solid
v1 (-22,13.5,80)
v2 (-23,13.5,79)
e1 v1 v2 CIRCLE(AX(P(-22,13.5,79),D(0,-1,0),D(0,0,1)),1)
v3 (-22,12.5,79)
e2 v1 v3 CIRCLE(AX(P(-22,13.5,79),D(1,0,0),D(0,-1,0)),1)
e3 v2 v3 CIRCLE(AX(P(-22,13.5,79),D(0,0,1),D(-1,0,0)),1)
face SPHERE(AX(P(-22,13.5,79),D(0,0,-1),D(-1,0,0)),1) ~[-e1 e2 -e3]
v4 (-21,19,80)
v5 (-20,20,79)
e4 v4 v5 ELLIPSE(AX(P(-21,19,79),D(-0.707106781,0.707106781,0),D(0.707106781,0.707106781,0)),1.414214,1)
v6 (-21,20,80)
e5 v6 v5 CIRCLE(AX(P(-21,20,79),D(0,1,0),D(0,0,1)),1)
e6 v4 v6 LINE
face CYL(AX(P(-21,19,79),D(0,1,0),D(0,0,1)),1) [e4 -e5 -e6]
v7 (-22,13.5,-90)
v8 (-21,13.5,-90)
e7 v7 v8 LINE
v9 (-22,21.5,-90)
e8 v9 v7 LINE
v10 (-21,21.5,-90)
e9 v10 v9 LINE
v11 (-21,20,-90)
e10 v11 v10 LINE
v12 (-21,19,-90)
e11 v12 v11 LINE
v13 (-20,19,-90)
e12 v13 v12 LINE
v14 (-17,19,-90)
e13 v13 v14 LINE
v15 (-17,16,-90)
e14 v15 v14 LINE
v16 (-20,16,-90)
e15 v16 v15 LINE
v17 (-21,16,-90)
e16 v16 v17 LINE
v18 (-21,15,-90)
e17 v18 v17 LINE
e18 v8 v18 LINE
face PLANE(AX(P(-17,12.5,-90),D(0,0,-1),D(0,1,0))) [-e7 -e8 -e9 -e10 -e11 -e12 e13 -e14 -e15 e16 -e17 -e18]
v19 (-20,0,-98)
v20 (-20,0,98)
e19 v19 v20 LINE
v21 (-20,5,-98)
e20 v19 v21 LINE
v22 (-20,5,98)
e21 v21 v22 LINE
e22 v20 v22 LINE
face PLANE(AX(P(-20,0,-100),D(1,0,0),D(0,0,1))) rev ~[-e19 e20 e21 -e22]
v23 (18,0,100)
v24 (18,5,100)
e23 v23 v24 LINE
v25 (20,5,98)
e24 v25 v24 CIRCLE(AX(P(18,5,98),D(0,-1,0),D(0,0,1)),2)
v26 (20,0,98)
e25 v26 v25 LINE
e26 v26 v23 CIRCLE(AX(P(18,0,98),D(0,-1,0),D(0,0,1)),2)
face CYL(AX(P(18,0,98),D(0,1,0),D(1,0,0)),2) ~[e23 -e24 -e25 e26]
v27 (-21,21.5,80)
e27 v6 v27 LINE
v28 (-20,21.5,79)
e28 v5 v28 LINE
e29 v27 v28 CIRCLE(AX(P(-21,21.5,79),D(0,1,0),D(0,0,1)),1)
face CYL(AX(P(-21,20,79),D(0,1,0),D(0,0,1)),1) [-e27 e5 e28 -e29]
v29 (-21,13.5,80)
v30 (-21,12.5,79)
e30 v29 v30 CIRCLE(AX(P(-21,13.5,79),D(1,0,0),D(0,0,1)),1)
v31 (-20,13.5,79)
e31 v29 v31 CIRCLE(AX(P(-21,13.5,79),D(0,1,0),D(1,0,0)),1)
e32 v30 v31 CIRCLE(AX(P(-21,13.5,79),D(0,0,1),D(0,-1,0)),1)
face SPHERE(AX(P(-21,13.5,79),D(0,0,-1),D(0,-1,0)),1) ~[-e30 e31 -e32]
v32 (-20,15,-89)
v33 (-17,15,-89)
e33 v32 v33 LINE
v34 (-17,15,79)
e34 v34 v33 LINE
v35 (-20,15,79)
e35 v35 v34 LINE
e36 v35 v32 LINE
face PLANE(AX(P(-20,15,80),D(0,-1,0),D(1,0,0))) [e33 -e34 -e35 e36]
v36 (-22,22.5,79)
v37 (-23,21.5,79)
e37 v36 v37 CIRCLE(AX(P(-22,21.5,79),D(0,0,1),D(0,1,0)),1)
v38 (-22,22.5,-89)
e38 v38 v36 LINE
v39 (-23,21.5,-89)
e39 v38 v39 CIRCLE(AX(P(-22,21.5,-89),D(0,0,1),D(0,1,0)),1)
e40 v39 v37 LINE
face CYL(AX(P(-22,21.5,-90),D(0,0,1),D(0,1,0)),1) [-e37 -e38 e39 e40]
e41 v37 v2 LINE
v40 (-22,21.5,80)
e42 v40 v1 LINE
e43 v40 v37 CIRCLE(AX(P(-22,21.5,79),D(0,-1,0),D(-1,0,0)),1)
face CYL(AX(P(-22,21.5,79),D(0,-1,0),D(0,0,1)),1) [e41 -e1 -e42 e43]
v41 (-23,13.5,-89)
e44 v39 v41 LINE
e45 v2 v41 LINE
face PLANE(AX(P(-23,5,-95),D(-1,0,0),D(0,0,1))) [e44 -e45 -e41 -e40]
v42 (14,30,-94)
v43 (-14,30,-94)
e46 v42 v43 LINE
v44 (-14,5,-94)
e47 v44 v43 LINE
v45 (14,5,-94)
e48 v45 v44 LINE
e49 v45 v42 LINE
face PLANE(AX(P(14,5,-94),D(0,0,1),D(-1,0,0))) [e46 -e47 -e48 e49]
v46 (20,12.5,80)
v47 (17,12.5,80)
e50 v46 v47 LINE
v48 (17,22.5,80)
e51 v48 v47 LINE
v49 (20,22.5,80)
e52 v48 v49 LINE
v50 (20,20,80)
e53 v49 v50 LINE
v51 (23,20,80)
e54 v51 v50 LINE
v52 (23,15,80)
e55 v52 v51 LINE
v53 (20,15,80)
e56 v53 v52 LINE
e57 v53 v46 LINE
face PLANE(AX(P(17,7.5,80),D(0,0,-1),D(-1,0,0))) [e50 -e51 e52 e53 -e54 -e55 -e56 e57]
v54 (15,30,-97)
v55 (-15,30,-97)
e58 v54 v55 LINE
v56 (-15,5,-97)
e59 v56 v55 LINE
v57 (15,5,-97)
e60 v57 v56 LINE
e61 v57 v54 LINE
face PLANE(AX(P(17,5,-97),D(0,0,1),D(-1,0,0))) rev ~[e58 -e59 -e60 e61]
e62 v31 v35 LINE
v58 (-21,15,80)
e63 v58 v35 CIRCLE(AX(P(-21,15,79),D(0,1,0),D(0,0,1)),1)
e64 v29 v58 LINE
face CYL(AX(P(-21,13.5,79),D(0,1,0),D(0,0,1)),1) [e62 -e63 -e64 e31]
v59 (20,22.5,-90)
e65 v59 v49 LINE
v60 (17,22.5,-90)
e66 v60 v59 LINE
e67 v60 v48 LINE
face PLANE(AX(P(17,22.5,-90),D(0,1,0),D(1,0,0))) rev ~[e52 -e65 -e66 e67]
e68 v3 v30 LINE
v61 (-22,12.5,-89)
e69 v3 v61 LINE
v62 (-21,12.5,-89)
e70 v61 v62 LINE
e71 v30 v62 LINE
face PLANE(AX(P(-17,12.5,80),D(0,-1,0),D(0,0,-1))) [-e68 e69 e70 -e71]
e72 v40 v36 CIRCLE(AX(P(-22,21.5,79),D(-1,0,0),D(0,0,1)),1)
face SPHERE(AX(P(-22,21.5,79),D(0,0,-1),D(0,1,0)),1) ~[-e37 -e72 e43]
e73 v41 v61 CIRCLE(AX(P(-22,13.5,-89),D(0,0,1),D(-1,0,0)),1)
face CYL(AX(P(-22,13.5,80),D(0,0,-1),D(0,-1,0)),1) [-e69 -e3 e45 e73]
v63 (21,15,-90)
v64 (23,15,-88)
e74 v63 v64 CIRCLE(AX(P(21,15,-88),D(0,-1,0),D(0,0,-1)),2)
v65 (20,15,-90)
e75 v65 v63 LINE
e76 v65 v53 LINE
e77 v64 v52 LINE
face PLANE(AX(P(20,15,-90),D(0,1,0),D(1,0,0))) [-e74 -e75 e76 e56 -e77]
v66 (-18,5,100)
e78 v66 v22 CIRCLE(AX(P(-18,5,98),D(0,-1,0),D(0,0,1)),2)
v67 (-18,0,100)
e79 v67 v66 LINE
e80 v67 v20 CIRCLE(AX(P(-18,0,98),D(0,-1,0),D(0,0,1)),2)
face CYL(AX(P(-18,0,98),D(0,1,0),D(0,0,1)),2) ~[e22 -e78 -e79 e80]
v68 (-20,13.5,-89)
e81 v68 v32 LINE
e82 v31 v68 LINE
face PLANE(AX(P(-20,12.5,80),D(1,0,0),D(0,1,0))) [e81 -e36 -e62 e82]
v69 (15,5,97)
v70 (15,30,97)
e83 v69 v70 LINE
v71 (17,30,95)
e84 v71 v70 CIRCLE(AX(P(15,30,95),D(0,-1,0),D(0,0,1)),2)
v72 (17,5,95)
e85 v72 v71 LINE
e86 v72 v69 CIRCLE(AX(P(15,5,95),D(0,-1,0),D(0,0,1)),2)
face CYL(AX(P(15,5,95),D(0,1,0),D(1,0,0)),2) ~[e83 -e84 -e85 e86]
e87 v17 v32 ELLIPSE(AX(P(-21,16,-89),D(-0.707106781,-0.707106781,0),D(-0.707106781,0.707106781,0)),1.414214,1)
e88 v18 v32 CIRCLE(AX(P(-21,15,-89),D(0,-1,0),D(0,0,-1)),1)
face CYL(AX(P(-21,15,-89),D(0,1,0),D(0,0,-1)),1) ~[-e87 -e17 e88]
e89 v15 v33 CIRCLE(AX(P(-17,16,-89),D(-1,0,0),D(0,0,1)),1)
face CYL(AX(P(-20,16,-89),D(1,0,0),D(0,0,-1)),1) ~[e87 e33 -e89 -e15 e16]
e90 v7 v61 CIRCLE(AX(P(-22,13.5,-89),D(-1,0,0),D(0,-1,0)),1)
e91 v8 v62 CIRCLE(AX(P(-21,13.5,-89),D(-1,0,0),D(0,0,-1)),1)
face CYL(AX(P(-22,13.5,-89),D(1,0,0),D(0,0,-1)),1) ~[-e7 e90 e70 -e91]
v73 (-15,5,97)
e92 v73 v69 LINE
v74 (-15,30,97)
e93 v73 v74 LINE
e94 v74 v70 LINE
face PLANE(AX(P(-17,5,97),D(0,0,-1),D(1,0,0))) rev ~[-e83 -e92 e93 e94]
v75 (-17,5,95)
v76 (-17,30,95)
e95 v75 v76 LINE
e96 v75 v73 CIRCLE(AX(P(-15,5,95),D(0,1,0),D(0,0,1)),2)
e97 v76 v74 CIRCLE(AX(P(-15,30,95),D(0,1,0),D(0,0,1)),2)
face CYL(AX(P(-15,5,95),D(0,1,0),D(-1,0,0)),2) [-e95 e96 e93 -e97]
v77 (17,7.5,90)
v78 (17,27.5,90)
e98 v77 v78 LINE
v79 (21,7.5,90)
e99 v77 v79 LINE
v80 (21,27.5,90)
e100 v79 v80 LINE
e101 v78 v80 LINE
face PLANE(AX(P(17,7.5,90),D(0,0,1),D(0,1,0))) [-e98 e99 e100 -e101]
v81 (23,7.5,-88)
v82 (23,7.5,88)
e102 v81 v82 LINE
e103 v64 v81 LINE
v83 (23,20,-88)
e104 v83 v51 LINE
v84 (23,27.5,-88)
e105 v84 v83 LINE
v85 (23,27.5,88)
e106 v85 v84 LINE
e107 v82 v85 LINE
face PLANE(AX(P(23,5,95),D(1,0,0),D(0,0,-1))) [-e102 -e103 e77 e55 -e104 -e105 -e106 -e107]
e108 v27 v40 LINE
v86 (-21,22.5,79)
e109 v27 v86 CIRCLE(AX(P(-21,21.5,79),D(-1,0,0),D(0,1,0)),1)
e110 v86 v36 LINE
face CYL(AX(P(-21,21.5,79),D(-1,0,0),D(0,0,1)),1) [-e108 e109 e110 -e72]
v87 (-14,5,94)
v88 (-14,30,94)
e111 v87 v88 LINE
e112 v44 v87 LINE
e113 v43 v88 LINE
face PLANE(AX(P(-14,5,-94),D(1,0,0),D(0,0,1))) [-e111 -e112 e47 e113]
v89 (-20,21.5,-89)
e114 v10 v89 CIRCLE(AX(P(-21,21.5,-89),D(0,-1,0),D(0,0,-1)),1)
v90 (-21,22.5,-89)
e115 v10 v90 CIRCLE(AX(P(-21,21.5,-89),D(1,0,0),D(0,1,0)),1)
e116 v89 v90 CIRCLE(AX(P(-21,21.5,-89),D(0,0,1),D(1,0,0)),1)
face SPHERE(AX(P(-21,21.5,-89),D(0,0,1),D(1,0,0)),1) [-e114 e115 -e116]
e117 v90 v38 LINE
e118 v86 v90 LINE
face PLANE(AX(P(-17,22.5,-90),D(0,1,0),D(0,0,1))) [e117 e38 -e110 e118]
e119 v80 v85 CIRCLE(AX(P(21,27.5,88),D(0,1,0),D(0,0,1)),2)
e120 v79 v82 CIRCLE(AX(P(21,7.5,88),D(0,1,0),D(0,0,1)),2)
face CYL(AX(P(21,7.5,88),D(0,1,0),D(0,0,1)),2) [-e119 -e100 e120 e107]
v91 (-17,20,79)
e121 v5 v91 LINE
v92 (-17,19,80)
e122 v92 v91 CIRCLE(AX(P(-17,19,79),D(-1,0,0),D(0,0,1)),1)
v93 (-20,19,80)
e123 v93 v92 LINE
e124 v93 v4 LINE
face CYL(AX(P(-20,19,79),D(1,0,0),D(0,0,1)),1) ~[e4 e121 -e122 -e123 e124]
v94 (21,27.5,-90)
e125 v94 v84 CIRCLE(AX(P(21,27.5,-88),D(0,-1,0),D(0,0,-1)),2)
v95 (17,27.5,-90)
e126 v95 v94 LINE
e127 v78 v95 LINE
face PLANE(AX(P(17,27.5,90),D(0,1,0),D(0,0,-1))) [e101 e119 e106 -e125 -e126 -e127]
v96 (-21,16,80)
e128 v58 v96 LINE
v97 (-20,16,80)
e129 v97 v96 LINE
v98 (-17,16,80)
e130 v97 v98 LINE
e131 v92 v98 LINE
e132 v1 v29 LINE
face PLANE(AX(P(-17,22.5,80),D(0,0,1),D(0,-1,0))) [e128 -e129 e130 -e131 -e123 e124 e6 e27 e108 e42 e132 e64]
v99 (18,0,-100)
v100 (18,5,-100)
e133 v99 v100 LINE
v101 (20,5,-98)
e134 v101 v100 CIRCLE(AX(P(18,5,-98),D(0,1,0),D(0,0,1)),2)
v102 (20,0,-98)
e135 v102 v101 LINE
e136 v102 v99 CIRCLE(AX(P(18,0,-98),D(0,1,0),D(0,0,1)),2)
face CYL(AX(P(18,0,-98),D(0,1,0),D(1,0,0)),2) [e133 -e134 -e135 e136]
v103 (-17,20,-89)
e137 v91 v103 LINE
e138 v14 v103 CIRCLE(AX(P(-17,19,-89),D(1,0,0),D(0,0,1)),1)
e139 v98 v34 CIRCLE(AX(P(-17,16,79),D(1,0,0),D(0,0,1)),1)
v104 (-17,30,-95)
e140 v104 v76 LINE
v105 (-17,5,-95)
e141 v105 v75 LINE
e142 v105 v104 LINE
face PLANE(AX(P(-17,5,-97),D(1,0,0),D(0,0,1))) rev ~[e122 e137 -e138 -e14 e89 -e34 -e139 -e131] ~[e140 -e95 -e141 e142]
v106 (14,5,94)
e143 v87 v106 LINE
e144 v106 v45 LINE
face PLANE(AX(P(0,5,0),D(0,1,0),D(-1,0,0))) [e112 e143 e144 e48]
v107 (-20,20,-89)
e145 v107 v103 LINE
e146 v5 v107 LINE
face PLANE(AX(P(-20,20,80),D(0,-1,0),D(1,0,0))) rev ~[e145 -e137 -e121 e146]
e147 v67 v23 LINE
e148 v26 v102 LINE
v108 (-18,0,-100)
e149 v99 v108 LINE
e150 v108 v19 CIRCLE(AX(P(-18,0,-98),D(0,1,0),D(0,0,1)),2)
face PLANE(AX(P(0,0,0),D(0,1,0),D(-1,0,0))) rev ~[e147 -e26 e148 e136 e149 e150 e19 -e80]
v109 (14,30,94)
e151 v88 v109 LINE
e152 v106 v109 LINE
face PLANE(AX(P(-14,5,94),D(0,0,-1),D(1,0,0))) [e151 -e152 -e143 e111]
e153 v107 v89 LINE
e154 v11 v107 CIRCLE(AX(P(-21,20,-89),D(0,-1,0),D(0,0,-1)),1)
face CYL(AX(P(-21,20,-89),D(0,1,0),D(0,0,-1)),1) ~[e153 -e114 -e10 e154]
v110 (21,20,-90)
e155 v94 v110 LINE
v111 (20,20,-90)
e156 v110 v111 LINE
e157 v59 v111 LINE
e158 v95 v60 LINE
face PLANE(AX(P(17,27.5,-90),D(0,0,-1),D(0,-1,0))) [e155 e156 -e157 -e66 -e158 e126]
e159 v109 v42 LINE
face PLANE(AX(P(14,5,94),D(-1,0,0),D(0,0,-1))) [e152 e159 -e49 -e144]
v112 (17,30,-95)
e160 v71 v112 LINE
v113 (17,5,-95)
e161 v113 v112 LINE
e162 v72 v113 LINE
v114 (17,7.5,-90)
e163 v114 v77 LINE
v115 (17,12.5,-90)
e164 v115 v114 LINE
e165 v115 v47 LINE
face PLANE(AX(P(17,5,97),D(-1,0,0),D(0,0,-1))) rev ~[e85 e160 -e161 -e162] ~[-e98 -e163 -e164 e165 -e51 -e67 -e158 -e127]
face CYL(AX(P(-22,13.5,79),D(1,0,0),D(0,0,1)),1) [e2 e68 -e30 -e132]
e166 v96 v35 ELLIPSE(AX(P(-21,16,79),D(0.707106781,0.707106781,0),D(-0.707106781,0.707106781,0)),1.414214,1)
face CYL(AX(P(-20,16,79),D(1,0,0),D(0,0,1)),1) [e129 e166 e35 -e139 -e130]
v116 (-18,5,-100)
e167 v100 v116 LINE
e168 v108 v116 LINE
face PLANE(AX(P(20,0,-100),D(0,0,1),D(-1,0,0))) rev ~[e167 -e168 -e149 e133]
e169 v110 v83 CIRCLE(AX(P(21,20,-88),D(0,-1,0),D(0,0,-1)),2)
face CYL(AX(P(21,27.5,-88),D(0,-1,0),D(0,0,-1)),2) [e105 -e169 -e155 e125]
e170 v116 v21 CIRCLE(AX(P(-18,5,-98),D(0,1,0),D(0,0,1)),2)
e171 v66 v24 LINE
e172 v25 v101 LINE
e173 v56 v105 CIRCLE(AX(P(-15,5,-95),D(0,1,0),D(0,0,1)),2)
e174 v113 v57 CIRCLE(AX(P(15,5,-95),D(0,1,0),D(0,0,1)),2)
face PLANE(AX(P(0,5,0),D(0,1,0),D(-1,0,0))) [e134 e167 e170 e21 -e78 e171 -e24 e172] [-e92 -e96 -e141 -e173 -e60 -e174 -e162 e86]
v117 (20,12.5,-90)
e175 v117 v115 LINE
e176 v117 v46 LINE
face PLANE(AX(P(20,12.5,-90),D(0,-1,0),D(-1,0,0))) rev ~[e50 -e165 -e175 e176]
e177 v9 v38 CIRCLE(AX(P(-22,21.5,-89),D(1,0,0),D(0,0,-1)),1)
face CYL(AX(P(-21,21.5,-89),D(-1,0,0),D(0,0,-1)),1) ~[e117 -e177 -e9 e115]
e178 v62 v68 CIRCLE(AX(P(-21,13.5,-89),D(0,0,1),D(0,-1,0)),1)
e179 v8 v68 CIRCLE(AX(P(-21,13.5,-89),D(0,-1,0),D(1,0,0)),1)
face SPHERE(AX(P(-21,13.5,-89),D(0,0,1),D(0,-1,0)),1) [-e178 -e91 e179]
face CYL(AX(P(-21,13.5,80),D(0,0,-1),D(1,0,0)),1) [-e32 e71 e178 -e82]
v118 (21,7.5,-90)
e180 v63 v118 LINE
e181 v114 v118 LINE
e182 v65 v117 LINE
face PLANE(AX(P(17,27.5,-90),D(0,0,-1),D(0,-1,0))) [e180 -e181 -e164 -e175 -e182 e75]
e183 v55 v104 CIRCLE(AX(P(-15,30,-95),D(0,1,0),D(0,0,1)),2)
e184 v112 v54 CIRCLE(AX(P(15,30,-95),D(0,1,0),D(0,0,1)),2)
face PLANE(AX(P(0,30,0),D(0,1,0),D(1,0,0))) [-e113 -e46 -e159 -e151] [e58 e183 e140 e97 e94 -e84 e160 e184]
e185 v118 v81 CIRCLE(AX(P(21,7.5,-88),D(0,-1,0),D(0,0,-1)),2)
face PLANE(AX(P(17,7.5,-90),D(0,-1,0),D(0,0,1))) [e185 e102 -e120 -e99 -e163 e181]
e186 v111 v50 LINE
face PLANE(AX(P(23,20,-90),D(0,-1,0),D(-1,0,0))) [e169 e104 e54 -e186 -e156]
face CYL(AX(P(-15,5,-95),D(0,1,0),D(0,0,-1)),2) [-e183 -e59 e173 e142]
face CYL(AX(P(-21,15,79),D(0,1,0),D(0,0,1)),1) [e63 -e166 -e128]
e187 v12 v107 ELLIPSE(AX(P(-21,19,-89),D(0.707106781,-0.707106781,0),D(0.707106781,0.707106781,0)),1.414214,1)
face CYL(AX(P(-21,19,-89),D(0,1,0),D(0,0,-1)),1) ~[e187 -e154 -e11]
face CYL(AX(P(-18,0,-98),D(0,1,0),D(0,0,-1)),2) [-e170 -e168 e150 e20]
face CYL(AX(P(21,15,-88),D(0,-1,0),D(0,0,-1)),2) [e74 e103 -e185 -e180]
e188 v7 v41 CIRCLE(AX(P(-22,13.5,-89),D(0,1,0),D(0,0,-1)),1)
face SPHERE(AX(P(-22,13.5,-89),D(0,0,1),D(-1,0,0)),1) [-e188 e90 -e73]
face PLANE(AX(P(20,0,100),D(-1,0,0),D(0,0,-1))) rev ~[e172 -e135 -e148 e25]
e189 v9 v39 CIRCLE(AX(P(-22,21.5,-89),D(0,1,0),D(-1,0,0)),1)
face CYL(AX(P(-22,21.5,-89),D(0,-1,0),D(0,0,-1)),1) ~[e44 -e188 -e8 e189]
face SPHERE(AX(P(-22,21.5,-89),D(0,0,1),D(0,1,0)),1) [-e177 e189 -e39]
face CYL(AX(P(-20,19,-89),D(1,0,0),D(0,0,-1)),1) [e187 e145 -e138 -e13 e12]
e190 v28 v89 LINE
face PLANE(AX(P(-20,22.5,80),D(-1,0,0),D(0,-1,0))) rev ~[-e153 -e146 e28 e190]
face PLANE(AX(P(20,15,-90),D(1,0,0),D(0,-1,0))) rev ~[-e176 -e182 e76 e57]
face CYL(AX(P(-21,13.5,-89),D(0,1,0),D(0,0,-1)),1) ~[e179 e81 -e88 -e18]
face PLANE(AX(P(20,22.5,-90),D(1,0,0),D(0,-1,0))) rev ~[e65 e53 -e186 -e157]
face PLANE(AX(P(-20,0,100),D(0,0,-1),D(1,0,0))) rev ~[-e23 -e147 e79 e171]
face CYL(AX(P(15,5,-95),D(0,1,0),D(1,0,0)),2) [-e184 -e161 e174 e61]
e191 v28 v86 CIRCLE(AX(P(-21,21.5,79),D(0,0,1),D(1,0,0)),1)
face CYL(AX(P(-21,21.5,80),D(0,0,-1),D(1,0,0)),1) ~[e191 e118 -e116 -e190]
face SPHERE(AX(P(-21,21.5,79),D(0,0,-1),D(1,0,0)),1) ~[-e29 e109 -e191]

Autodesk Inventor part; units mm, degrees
ref_plane "YZ Plane" through (0, 0, 0) normal (1, 0, 0) x (0, 1, 0)
ref_plane "XZ Plane" through (0, 0, 0) normal (0, 1, 0) x (-1, 0, 0)
ref_plane "XY Plane" through (0, 0, 0) normal (0, 0, 1) x (1, 0, 0)
sketch "Sketch2" plane through (0, 0, 0) normal (0, 1, 0) x (-1, 0, 0)
  line L0 (-20, -100) -> (20, -100)
  line L1 (20, -100) -> (20, 100)
  line L2 (20, 100) -> (-20, 100)
  line L3 (-20, 100) -> (-20, -100)
  line L4 (-20, -100) -> (20, 100) construction
  line L5 (20, -100) -> (-20, 100) construction
  point P0 (0, 0)
  dimension "d0" = 40
  dimension "d1" = 200
extrude "Extrusion1" add sketch "Sketch2" along normal blind 5
sketch "Sketch3" plane through (0, 5, 0) normal (0, 1, 0) x (1, 0, 0)
  line L0 (17, 97) -> (-17, 97)
  line L1 (-17, 97) -> (-17, -97)
  line L2 (-17, -97) -> (17, -97)
  line L3 (17, -97) -> (17, 97)
  line L4 (17, 97) -> (-17, -97) construction
  line L5 (-17, 97) -> (17, -97) construction
  line L6 (-20, 100) -> (-20, -100) projected
  line L7 (-20, -100) -> (20, -100) projected
  line L8 (14, 94) -> (-14, 94)
  line L9 (-14, 94) -> (-14, -94)
  line L10 (-14, -94) -> (14, -94)
  line L11 (14, -94) -> (14, 94)
  line L12 (14, 94) -> (-14, -94) construction
  line L13 (-14, 94) -> (14, -94) construction
  point P0 (0, 0)
  dimension "d4" = 3
  dimension "d5" = 3
  dimension "d6" = 3
  dimension "d7" = 3
extrude "Extrusion2" add sketch "Sketch3" along normal blind 25
fillet "Fillet1" radius 2 8 edges at (17, 17.5, 97) (-17, 17.5, 97) (-20, 2.5, 100) (20, 2.5, 100) (17, 17.5, -97) (-17, 17.5, -97) (20, 2.5, -100) (-20, 2.5, -100)
sketch "Sketch4" plane through (17, 5, 95) normal (1, 0, 0) x (0, 0, -1)
  line L0 (5, 22.5) -> (185, 22.5)
  line L1 (185, 22.5) -> (185, 2.5)
  line L2 (185, 2.5) -> (5, 2.5)
  line L3 (5, 2.5) -> (5, 22.5)
  line L4 (190, 25) -> (190, 0) projected
  line L5 (0, 25) -> (190, 25) projected
  line L6 (0, 0) -> (0, 25) projected
  line L7 (190, 0) -> (0, 0) projected
  line L8 (-5, 0) -> (-5, -5) projected
  line L9 (195, -5) -> (195, 0) projected
  point P0 (95, -5)
  point P1 (0, 12.5)
  dimension "d42" = 10
  dimension "d43" = 10
  dimension "d44" = 20
  dimension "d45" = 10
extrude "Extrusion3" add sketch "Sketch4" along normal blind 6 contours L0 L1 L2 L3
sketch "Sketch5" plane through (17, 7.5, -90) normal (0, 0, -1) x (-1, 0, 0)
  line L0 (0, 20) -> (0, 0) projected
  line L1 (0, 20) -> (-6, 20) projected
  line L2 (-6, 0) -> (-6, 20) projected
  line L3 (0, 0) -> (-6, 0) projected
  line L4 (-6, 12.5) -> (-3, 12.5)
  line L5 (-3, 12.5) -> (-3, 7.5)
  line L6 (-3, 7.5) -> (-6, 7.5)
  line L7 (-6, 7.5) -> (-6, 12.5)
  line L8 (0, 15) -> (-3, 15)
  line L9 (-3, 15) -> (-3, 5)
  line L10 (-3, 5) -> (0, 5)
  line L11 (0, 5) -> (0, 15)
  point P0 (17, -7.5)
  point P1 (-4.5, 7.5)
  point P2 (-4.5, 12.5)
  point P3 (-6, 7.5)
  point P4 (-3, 7.5)
  point P5 (0, 5)
  point P6 (-1.5, 15)
  dimension "d17" = 3
  dimension "d20" = 5
  dimension "d21" = 5
  dimension "d46" = 2.5
  dimension "d47" = 2.5
extrude "Extrusion4" cut sketch "Sketch5" against normal blind 170 contours L0 L10 L9 L5 L8 | L4 L5 L6 L2
sketch "Sketch6" plane through (-17, 5, -95) normal (-1, 0, 0) x (0, 0, 1)
  line L0 (0, 0) -> (0, 25) projected
  line L1 (190, 0) -> (0, 0) projected
  line L2 (190, 25) -> (190, 0) projected
  line L3 (0, 25) -> (190, 25) projected
  line L4 (5, 17.5) -> (175, 17.5)
  line L5 (175, 17.5) -> (175, 7.5)
  line L6 (175, 7.5) -> (5, 7.5)
  line L7 (5, 7.5) -> (5, 17.5)
  line L8 (195, -5) -> (195, 0) projected
  line L9 (-5, 0) -> (-5, -5) projected
  point P0 (95, -5)
  point P1 (0, 12.5)
  dimension "d48" = 20
  dimension "d49" = 10
  dimension "d50" = 5
  dimension "d51" = 10
extrude "Extrusion5" add sketch "Sketch6" along normal blind 6 contours L4 L5 L6 L7
sketch "Sketch7" plane through (-17, 12.5, 80) normal (0, 0, 1) x (1, 0, 0)
  line L0 (0, 10) -> (0, 0) projected
  line L1 (0, 10) -> (-6, 10) projected
  line L2 (-6, 0) -> (-6, 10) projected
  line L3 (0, 0) -> (-6, 0) projected
  line L4 (0, 10) -> (-3, 10)
  line L5 (-3, 10) -> (-3, 7.5)
  line L6 (-3, 7.5) -> (0, 7.5)
  line L7 (0, 7.5) -> (0, 10)
  line L8 (0, 0) -> (-3, 0)
  line L9 (-3, 0) -> (-3, 2.5)
  line L10 (-3, 2.5) -> (0, 2.5)
  line L11 (0, 2.5) -> (0, 0)
  point P0 (17, -12.5)
  dimension "d30" = 3
  dimension "d31" = 2.5
  dimension "d32" = 3
  dimension "d33" = 2.5
extrude "Extrusion6" cut sketch "Sketch7" against normal up to surface (170 mm away) contours L0 L6 L5 L1 | L0 L3 L9 L10
fillet "Fillet3" radius 1 4 edges at (-18.5, 20, -90) (-18.5, 15, -90) (-18.5, 20, 80) (-18.5, 15, 80)
fillet "Fillet4" radius 1 4 edges at (-23, 22.5, -5) (-20, 22.5, -5) (-23, 12.5, -5) (-20, 12.5, -5)
fillet "Fillet5" radius 2 3 edges at (23, 17.5, 90) (23, 23.75, -90) (23, 11.25, -90)
fillet "Fillet6" radius 1 9 edges at (-22.7071, 22.2071, 80) (-21.5, 22.5, 80) (-20.2929, 22.2071, 80) (-20, 20.75, 80) (-22.7071, 12.7929, 80) (-21.5, 12.5, 80) (-20.2929, 12.7929, 80) (-20, 14.25, 80) (-23, 17.5, 80)
fillet "Fillet7" radius 1 9 edges at (-20.2929, 22.2071, -90) (-21.5, 22.5, -90) (-22.7071, 22.2071, -90) (-23, 17.5, -90) (-22.7071, 12.7929, -90) (-21.5, 12.5, -90) (-20.2929, 12.7929, -90) (-20, 14.25, -90) (-20, 20.75, -90)
properties part number "module_switch"
